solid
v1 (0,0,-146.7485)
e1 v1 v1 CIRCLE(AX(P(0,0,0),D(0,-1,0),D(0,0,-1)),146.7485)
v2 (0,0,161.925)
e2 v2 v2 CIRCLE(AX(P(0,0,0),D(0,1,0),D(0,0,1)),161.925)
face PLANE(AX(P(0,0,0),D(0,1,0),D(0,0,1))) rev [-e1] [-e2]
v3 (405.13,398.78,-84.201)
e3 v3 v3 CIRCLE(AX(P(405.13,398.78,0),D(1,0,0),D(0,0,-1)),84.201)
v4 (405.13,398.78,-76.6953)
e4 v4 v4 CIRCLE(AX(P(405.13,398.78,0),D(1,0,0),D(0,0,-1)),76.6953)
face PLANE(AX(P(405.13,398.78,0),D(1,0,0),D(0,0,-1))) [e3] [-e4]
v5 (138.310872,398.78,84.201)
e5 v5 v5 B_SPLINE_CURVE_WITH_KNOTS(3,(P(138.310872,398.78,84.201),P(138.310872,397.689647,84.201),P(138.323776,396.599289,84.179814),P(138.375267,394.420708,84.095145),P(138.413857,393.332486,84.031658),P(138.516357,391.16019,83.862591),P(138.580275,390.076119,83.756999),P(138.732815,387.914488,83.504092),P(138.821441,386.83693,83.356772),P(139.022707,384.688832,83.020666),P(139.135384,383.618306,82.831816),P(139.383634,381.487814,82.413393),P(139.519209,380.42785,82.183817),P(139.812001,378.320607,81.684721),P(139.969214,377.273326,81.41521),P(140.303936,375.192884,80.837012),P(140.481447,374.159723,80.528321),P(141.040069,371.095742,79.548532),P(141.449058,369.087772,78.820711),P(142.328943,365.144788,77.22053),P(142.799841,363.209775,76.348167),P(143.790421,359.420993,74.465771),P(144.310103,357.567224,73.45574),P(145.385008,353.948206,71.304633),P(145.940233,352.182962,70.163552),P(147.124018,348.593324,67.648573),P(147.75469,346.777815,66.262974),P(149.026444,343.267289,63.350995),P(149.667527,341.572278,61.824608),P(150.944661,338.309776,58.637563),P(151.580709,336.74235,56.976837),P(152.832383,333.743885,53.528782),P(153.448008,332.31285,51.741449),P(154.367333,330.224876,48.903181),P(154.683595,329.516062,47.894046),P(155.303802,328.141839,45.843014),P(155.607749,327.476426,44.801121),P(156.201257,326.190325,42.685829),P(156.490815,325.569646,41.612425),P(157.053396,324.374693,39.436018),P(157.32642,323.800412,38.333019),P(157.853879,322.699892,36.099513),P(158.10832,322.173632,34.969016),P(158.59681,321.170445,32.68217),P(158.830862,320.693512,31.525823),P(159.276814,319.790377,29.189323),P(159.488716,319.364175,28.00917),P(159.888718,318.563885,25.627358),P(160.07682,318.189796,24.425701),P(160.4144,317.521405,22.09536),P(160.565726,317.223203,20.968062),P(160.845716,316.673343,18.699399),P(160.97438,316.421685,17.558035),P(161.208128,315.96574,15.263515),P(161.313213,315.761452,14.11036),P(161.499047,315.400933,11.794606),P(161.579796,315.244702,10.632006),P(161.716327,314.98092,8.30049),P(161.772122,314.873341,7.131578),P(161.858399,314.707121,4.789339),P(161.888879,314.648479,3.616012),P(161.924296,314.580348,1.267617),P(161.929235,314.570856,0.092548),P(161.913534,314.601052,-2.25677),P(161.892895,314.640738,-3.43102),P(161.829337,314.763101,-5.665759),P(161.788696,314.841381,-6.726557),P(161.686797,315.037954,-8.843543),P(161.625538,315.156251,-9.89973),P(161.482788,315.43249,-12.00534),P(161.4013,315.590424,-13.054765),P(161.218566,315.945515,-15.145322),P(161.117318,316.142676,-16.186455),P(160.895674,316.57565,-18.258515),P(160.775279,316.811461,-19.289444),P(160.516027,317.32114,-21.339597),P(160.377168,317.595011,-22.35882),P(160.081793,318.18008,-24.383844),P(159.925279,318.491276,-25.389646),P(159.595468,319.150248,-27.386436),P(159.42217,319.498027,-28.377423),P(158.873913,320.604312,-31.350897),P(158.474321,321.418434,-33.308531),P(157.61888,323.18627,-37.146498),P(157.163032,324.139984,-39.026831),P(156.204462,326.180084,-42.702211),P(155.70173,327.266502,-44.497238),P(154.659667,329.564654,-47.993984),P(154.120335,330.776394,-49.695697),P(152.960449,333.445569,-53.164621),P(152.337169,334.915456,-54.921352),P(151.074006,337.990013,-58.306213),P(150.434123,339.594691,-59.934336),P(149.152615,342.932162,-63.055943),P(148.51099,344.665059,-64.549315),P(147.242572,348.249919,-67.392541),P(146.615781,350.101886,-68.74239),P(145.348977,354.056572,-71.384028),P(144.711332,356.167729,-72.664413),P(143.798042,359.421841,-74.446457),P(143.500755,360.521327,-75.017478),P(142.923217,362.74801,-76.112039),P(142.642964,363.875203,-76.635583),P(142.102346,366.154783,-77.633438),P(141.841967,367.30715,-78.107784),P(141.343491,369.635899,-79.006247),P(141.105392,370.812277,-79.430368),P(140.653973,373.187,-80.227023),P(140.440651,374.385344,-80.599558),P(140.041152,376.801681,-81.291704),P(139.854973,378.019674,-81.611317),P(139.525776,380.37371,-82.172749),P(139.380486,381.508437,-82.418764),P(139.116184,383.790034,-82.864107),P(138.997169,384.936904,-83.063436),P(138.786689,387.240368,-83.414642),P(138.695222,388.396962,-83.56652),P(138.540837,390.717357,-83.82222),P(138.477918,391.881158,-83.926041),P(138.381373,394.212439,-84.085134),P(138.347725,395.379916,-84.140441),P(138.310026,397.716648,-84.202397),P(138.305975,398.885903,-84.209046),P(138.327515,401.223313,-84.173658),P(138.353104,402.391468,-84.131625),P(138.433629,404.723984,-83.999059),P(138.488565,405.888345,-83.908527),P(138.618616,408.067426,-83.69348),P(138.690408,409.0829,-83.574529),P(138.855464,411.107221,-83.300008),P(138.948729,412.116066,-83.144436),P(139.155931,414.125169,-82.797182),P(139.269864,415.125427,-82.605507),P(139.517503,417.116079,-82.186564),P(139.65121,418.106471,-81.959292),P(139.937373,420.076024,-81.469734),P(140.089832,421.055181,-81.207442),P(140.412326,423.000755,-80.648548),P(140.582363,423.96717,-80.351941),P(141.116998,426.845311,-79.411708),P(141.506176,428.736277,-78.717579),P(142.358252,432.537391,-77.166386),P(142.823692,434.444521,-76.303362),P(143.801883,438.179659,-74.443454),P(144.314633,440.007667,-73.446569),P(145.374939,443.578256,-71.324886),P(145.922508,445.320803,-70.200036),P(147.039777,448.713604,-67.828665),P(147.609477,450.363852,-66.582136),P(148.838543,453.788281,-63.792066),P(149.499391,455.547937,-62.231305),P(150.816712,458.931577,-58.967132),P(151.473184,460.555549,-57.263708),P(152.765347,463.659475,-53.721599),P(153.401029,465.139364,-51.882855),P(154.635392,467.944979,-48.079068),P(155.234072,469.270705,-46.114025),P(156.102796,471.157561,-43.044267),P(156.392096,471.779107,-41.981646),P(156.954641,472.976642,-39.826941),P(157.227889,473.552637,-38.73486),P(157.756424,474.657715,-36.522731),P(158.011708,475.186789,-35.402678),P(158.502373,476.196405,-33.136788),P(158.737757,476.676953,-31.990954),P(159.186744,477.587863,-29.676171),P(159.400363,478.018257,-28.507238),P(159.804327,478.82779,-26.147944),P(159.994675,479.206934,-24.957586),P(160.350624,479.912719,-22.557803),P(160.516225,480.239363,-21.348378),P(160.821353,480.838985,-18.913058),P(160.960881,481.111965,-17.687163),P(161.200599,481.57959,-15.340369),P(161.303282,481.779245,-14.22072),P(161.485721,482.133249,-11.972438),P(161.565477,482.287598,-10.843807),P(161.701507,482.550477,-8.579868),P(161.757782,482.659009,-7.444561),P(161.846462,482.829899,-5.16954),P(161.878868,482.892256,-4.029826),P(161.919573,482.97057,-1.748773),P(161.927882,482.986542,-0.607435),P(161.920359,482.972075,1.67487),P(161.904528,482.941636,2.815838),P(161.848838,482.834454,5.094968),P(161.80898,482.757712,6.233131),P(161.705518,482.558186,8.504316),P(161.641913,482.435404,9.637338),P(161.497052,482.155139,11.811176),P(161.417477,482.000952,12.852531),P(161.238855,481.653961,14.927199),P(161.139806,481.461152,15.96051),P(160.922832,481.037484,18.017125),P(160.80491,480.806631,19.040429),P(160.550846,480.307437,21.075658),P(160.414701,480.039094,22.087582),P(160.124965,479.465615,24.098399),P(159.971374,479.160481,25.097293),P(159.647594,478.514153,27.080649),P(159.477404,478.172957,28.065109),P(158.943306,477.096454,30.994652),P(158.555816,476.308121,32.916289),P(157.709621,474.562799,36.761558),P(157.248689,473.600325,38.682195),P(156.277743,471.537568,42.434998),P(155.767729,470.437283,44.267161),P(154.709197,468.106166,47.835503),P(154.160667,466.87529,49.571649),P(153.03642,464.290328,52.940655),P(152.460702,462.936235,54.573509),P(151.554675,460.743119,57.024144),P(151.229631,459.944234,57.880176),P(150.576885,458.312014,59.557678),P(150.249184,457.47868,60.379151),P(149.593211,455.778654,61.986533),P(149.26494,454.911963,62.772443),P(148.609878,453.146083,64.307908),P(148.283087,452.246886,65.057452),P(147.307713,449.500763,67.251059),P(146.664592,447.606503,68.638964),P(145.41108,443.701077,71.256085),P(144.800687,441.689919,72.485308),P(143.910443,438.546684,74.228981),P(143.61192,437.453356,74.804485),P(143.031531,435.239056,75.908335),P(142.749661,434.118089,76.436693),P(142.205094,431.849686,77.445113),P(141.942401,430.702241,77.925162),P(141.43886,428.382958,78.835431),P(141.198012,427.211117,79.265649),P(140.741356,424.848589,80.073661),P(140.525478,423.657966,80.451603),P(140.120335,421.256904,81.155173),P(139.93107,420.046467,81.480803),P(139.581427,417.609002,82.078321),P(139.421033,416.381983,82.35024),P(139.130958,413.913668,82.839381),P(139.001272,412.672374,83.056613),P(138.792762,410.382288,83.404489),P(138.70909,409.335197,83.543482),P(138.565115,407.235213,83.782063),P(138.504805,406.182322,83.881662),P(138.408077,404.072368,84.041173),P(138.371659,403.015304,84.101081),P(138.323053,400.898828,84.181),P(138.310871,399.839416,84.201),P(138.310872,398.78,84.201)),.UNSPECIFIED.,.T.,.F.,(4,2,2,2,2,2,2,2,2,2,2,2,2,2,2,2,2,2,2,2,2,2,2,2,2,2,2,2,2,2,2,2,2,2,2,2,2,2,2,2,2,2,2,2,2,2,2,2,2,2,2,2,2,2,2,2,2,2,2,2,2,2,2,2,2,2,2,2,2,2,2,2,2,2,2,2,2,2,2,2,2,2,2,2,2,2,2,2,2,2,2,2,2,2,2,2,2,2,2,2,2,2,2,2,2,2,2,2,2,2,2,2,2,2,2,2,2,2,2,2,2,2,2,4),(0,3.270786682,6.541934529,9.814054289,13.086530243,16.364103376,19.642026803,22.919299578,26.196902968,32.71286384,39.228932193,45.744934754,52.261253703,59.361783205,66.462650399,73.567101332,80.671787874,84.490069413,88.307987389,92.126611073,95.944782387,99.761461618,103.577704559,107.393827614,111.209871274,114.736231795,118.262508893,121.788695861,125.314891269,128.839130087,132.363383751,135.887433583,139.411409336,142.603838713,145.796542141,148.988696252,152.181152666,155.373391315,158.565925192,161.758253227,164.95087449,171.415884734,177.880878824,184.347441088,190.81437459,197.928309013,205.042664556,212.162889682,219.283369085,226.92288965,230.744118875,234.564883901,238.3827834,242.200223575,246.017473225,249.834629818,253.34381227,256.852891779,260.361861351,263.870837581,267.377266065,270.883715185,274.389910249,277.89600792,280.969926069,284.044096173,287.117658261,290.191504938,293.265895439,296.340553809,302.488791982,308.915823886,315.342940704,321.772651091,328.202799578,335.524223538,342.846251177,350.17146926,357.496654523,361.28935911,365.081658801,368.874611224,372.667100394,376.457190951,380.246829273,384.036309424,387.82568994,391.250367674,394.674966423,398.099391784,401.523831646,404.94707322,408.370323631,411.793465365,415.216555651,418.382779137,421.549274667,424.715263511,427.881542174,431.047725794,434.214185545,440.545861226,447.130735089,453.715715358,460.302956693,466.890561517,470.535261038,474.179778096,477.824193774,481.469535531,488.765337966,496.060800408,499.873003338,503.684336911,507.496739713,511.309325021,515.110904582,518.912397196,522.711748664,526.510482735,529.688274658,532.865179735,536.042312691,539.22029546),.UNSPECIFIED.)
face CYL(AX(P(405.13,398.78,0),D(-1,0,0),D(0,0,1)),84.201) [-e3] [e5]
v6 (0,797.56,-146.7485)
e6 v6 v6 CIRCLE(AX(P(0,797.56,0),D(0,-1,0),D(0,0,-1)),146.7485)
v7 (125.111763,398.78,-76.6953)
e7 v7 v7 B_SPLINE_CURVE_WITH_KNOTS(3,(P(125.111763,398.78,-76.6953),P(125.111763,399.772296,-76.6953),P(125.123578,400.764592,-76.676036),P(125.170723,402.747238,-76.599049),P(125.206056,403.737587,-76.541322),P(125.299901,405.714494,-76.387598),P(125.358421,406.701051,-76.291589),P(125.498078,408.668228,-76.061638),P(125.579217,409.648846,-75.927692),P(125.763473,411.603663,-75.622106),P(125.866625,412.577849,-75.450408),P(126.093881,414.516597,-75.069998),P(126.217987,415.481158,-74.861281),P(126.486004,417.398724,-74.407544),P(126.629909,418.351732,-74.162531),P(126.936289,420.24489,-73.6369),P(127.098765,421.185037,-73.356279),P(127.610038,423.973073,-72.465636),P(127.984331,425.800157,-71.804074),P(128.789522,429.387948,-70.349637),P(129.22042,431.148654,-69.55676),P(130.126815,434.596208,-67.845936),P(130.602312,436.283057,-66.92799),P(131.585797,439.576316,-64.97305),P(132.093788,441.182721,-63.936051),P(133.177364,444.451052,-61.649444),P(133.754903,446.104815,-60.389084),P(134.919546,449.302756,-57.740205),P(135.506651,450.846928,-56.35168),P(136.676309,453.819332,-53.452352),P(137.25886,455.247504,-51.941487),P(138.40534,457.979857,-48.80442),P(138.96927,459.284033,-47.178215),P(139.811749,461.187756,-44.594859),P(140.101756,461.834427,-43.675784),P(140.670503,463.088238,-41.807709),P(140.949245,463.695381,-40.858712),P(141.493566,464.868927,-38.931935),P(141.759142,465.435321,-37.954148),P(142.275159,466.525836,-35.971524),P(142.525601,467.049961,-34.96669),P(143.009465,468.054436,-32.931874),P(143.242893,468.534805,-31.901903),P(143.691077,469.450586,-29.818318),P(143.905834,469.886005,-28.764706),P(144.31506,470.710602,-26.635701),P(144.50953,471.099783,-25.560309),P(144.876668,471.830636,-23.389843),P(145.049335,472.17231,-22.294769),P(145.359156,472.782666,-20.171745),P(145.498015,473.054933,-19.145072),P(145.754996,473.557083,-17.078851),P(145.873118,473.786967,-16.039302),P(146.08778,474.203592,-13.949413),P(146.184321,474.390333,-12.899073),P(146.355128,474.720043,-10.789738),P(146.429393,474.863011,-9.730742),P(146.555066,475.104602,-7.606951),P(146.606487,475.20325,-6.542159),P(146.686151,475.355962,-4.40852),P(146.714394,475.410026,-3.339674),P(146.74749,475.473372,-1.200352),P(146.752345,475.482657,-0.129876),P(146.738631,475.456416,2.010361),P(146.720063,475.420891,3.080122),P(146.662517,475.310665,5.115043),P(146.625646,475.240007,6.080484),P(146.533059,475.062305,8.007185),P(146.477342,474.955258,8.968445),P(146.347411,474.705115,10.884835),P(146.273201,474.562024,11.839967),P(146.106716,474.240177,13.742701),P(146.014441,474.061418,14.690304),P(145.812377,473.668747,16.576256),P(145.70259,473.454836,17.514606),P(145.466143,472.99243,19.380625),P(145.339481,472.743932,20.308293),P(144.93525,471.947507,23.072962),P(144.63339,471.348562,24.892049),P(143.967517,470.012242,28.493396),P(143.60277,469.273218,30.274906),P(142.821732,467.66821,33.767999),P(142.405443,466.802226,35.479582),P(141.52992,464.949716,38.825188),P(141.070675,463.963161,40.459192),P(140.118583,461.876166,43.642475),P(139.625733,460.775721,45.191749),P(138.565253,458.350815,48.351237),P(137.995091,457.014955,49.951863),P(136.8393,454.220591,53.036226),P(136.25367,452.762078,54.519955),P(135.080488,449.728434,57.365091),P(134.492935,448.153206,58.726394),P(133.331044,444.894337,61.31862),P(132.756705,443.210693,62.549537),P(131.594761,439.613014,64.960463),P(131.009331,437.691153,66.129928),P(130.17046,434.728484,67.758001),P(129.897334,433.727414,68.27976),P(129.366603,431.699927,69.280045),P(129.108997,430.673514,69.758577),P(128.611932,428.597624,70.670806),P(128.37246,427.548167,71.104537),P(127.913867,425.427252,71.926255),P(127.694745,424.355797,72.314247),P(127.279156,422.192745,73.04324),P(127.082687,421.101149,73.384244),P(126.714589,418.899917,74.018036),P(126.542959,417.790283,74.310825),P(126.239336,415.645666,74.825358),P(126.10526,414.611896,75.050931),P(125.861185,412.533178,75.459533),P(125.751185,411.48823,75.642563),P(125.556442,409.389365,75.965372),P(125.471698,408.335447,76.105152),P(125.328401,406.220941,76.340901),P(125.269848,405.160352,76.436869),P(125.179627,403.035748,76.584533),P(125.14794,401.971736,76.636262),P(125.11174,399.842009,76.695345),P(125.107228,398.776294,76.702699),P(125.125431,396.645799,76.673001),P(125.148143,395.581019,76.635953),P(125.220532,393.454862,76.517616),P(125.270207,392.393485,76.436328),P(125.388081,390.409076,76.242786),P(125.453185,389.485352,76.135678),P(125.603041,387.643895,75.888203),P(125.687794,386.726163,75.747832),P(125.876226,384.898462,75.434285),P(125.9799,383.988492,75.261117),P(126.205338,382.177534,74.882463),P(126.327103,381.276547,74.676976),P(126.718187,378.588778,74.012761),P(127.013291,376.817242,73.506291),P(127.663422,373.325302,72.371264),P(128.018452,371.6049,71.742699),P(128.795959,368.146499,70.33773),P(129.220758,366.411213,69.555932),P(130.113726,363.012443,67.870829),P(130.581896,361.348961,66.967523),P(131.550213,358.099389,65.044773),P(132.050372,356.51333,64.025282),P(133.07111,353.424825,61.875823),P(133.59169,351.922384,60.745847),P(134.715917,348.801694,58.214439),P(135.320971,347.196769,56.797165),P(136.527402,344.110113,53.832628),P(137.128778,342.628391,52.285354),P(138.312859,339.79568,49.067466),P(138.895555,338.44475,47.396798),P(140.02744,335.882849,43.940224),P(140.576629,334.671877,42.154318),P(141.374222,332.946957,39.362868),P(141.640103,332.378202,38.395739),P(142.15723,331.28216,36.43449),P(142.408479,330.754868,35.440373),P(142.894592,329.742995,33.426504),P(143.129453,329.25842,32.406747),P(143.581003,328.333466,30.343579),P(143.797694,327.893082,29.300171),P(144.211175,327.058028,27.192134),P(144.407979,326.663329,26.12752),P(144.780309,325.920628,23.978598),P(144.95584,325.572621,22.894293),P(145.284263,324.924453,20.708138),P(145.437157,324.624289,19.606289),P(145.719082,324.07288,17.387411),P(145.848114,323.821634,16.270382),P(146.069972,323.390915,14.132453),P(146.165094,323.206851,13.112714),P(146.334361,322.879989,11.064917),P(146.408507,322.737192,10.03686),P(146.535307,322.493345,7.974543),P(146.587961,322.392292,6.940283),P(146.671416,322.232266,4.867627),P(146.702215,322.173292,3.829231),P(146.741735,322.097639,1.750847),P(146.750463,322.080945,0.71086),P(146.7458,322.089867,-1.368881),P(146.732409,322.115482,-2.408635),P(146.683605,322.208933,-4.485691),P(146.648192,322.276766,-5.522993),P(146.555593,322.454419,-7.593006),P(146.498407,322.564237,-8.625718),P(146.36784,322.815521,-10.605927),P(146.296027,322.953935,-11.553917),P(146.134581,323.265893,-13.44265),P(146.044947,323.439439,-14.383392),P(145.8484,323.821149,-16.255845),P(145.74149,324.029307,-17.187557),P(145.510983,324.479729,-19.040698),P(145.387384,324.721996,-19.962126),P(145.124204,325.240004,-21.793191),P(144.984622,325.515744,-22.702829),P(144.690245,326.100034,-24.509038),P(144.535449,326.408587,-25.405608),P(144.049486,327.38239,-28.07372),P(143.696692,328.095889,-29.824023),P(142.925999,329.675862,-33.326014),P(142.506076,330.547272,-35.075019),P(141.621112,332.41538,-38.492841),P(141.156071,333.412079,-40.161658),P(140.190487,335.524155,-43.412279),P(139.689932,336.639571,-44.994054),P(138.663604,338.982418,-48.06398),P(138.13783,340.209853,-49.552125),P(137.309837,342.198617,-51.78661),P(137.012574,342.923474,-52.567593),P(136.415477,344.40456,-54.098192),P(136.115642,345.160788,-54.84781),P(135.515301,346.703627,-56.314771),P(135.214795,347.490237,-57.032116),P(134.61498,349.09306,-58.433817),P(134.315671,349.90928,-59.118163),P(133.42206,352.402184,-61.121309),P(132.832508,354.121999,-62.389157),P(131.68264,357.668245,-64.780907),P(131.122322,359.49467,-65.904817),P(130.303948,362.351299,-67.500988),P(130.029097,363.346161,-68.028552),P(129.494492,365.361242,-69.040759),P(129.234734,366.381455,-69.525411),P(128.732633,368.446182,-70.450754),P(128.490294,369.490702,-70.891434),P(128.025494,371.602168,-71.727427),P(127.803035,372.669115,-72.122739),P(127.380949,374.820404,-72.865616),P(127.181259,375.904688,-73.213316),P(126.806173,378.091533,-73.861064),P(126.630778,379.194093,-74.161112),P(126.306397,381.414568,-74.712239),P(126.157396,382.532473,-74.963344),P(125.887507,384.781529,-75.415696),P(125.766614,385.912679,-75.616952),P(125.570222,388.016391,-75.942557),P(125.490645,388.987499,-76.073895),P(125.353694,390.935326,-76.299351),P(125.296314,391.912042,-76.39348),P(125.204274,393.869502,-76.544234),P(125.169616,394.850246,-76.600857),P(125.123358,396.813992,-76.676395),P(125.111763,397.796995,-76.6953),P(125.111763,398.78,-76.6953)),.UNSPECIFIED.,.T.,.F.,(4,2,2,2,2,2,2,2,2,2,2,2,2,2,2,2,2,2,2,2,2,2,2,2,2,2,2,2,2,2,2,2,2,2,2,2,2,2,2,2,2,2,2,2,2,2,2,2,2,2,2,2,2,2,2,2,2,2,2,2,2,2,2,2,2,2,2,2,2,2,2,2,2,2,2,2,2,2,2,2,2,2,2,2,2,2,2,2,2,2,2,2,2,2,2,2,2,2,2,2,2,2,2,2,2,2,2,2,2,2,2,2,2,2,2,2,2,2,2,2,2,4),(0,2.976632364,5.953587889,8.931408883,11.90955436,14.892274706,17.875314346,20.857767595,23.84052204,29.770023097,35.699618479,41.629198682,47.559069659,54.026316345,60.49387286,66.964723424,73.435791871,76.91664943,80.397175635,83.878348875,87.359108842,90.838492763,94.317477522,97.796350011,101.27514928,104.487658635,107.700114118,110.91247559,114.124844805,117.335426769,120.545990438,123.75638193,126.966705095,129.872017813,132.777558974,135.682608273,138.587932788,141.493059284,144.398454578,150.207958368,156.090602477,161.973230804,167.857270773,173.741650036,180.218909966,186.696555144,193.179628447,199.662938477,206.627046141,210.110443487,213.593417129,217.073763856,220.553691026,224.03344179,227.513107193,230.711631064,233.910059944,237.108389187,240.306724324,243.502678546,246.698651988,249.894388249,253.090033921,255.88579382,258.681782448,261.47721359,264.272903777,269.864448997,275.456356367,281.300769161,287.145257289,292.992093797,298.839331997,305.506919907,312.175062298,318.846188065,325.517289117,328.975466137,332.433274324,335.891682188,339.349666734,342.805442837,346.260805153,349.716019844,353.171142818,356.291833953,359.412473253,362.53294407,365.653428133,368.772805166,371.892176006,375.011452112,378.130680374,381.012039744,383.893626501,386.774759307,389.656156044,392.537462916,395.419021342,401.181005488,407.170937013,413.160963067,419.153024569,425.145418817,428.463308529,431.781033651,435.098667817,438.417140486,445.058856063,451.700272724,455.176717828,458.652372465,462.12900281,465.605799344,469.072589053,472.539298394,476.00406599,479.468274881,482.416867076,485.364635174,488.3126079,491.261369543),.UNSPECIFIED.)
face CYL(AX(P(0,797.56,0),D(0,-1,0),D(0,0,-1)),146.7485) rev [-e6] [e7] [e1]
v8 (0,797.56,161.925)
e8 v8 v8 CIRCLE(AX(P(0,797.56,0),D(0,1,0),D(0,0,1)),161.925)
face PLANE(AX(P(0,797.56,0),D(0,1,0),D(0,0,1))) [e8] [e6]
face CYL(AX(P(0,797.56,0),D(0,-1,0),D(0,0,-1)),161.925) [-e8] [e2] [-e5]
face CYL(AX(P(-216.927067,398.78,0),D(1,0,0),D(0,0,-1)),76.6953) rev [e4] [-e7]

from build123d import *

# Parameters (mm, degrees)
SKETCH1_R           = 161.925
BOSS_EXTRUDE1_DEPTH = 797.56
SKETCH2_R           = 84.201
BOSS_EXTRUDE2_DEPTH = 405.13
SKETCH3_R           = 146.7485
CUT_EXTRUDE1_DEPTH  = 798.5600001
CUT_EXTRUDE2_REACH  = 569.055
SKETCH4_R           = 76.6953


with BuildPart() as part:
    # Sketch1 → Boss-Extrude1 (new body)
    with BuildSketch(Plane(origin=(0, 0, 0), x_dir=(1, 0, 0), z_dir=(0, 1, 0))):
        Circle(SKETCH1_R)
    extrude(amount=BOSS_EXTRUDE1_DEPTH)

    # Sketch2 → Boss-Extrude2 (add)
    with BuildSketch(Plane(origin=(0, 0, 0), x_dir=(0, 0, -1), z_dir=(1, 0, 0))):
        with Locations((0, 398.78)):
            Circle(SKETCH2_R)
    extrude(amount=BOSS_EXTRUDE2_DEPTH)

    # Sketch3 → Cut-Extrude1 (cut, through all)
    with BuildSketch(Plane.XZ):
        Circle(SKETCH3_R)
    extrude(amount=-CUT_EXTRUDE1_DEPTH, mode=Mode.SUBTRACT)

    # Sketch4 → Cut-Extrude2 (cut, up to next)
    with BuildSketch(Plane(origin=(405.13, 0, 0), x_dir=(0, 0, -1), z_dir=(1, 0, 0)), mode=Mode.PRIVATE) as cut_extrude2_sk1:
        with Locations((0, 398.78)):
            Circle(SKETCH4_R)
    cut_extrude2_tool1 = extrude(cut_extrude2_sk1.sketch, amount=-CUT_EXTRUDE2_REACH, mode=Mode.PRIVATE) & part.part
    add(cut_extrude2_tool1.solids().sort_by_distance((405.13, 398.78, 0))[0], mode=Mode.SUBTRACT)


solid = part.part
